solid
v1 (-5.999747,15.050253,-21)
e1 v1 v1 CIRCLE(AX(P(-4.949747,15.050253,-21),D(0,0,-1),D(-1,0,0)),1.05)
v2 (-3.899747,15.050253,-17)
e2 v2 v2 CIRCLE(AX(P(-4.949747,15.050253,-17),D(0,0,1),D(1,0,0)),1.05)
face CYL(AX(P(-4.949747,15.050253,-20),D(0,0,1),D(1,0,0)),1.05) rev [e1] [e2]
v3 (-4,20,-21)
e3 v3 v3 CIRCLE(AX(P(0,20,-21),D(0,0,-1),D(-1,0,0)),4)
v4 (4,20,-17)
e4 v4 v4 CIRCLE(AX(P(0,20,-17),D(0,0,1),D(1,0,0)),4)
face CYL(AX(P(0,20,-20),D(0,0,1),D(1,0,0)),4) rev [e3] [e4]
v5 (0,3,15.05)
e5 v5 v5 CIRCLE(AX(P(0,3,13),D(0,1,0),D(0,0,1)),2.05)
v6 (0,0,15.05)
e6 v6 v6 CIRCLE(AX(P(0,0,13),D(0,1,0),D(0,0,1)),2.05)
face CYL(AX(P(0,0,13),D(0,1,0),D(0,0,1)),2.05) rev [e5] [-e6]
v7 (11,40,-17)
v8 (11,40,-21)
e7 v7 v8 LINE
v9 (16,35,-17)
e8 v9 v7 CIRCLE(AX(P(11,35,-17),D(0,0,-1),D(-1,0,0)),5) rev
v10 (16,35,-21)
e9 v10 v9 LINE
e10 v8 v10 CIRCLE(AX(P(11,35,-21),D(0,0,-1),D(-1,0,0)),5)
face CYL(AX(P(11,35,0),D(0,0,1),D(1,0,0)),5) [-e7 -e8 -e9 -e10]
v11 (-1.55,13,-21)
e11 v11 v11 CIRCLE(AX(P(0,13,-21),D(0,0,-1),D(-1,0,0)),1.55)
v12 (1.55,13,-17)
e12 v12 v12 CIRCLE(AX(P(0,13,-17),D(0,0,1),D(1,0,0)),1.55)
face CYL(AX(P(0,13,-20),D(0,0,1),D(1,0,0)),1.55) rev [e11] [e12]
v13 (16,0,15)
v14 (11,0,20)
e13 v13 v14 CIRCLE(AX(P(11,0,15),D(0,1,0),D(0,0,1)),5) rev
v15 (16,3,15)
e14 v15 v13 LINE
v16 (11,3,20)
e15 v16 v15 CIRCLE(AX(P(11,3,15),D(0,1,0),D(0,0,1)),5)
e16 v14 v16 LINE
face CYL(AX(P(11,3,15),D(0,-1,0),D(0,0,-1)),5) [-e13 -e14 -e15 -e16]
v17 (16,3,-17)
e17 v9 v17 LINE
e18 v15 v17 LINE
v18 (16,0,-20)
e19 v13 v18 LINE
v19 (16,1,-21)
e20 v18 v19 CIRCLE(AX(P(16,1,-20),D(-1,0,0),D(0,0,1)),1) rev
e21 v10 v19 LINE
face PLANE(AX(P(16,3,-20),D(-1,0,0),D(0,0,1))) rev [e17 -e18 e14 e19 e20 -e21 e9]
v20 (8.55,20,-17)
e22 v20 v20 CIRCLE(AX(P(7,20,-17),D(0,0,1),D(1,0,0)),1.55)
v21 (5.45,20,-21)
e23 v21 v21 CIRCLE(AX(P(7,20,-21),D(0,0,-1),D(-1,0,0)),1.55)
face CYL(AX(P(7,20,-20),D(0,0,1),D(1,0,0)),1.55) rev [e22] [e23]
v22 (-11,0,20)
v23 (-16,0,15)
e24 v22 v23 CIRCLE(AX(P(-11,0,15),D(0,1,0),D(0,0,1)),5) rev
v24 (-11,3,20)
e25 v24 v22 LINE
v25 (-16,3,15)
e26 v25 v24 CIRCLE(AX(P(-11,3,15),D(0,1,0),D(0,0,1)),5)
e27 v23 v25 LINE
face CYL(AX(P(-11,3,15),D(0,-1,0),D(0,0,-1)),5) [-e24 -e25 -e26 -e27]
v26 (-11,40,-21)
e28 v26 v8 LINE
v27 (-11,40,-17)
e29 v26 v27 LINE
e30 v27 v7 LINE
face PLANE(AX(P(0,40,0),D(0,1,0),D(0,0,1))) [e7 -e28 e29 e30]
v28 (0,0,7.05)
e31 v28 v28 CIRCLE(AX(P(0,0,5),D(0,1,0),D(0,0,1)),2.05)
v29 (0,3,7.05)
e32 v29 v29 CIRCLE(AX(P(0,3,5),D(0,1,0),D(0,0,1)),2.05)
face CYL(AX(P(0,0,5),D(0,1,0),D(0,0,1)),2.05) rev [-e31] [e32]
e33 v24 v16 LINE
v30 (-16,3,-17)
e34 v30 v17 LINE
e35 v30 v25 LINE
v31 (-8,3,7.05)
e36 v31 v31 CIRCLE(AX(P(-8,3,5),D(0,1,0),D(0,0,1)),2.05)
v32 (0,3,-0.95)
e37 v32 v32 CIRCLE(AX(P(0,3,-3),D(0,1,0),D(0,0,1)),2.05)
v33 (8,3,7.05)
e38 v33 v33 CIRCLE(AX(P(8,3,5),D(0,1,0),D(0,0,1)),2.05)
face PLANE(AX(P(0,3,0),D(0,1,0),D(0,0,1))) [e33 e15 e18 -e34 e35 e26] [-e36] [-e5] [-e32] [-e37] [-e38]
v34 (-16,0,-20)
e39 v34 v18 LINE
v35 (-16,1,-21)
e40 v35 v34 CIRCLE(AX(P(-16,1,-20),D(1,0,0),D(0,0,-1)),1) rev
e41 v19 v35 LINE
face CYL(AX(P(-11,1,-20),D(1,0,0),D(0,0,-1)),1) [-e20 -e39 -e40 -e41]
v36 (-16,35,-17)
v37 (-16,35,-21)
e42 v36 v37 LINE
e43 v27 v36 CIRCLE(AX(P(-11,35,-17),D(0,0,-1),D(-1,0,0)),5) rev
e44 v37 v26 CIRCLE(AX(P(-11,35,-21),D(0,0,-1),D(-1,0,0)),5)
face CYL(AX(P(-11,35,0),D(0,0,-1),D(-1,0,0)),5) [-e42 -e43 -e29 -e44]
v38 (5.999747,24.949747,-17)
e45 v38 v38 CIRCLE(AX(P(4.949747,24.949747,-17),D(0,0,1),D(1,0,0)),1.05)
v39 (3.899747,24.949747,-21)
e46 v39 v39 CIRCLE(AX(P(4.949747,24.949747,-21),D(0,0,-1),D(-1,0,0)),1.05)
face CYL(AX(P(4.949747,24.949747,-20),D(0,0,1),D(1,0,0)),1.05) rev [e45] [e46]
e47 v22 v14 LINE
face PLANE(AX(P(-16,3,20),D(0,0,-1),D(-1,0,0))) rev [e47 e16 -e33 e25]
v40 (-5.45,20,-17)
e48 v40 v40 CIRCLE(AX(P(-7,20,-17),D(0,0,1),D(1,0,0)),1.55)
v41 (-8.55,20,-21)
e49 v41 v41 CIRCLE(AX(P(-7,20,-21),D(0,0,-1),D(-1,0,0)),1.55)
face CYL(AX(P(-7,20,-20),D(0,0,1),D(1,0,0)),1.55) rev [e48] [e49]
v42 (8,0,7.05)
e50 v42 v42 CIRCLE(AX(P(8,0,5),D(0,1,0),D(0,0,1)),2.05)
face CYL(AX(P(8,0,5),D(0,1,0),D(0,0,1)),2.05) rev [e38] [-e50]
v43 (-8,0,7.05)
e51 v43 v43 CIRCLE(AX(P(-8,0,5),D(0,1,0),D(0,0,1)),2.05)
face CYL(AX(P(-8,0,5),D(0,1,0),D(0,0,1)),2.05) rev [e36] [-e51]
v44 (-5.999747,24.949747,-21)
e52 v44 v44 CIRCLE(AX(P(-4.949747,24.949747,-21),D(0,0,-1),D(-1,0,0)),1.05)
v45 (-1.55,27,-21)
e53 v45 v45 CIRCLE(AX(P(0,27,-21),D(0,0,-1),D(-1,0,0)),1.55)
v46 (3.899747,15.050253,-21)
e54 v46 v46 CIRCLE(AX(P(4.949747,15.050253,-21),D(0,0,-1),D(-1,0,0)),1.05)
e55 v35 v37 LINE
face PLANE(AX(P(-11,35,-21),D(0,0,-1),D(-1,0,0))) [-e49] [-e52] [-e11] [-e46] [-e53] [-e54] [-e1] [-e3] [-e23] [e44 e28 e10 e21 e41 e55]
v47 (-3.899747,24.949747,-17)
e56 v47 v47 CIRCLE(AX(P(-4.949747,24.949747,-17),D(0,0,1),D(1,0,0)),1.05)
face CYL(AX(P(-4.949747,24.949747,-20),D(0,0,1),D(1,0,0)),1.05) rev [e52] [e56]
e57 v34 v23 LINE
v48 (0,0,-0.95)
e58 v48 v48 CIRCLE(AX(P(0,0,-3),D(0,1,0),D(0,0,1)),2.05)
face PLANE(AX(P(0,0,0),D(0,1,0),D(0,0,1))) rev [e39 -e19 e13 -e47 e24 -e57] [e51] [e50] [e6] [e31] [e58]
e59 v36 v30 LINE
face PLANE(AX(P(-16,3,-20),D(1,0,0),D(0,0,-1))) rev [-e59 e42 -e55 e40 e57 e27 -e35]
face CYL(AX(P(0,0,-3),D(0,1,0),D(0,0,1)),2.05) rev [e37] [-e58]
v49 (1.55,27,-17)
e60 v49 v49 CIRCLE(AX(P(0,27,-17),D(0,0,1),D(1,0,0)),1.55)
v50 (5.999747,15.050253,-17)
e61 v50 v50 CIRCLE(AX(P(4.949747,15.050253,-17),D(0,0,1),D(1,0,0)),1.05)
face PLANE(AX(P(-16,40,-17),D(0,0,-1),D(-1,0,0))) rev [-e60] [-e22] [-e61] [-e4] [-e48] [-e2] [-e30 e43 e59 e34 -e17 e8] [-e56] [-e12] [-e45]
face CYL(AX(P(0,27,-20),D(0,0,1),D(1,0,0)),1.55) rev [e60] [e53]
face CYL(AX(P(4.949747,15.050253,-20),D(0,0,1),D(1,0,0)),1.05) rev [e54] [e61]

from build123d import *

# Parameters (mm, degrees)
SKETCH_2_W          = 32
SKETCH_2_H          = 40
EXTRUDE_1_DEPTH     = 3
SKETCH_3_W          = 32
SKETCH_3_H          = 3
EXTRUDE_2_DEPTH     = 37
SKETCH_4_R          = 4
SKETCH_4_R_2        = 1.55
SKETCH_4_R_3        = 1.05
CUT_EXTRUDE_1_DEPTH = 57.789083458
SKETCH_6_R          = 2.05
CUT_EXTRUDE_2_DEPTH = 46
FILLET_1_R          = 5
SKETCH_11_R         = 1.55
SKETCH_11_R_2       = 1.05
SKETCH_11_R_3       = 4
EXTRUDE_4_DEPTH     = 1
FILLET_3_R          = 1


with BuildPart() as part:
    # 草图2 → 凸台-拉伸1 (new body)
    with BuildSketch(Plane(origin=(0, 0, 0), x_dir=(1, 0, 0), z_dir=(0, 1, 0))):
        Rectangle(SKETCH_2_W, SKETCH_2_H)
    extrude(amount=EXTRUDE_1_DEPTH)

    # 草图3 → 凸台-拉伸2 (add)
    with BuildSketch(Plane(origin=(0, 3, 0), x_dir=(1, 0, 0), z_dir=(0, 1, 0))):
        with Locations((0, 18.5)):
            Rectangle(SKETCH_3_W, SKETCH_3_H)
    extrude(amount=EXTRUDE_2_DEPTH)

    # 草图4 → 切除-拉伸1 (cut, through all)
    with BuildSketch(Plane.XY.offset(-17)):
        with Locations((0, 20)):
            Circle(SKETCH_4_R)
        with Locations((7, 20)):
            Circle(SKETCH_4_R_2)
        with Locations((0, 13)):
            Circle(SKETCH_4_R_2)
        with Locations((-7, 20)):
            Circle(SKETCH_4_R_2)
        with Locations((0, 27)):
            Circle(SKETCH_4_R_2)
        with Locations((4.949747468, 24.949747468)):
            Circle(SKETCH_4_R_3)
        with Locations((4.949747468, 15.050252532)):
            Circle(SKETCH_4_R_3)
        with Locations((-4.949747468, 15.050252532)):
            Circle(SKETCH_4_R_3)
        with Locations((-4.949747468, 24.949747468)):
            Circle(SKETCH_4_R_3)
    extrude(amount=-CUT_EXTRUDE_1_DEPTH, mode=Mode.SUBTRACT)

    # 草图6 → 切除-拉伸2 (cut, through all)
    with BuildSketch(Plane(origin=(0, 3, 0), x_dir=(1, 0, 0), z_dir=(0, 1, 0))):
        with Locations(Location((0, -5, 0), (0, 0, 270))):
            Circle(SKETCH_6_R)
        with Locations(Location((-8, -5, 0), (0, 0, 270))):
            Circle(SKETCH_6_R)
        with Locations(Location((8, -5, 0), (0, 0, 270))):
            Circle(SKETCH_6_R)
        with Locations(Location((0, 3, 0), (0, 0, 270))):
            Circle(SKETCH_6_R)
        with Locations(Location((0, -13, 0), (0, 0, 270))):
            Circle(SKETCH_6_R)
    extrude(amount=-CUT_EXTRUDE_2_DEPTH, mode=Mode.SUBTRACT)

    # 圆角1
    fillet_1_edges = [part.edges().sort_by_distance(p)[0] for p in [
        (-16, 40, -18.5),
        (16, 40, -18.5),
        (16, 1.5, 20),
        (-16, 1.5, 20),
    ]]
    fillet(fillet_1_edges, radius=FILLET_1_R)

    # 草图11 → 凸台-拉伸4 (add)
    with BuildSketch(Plane(origin=(0, 0, -20), x_dir=(-1, 0, 0), z_dir=(0, 0, -1))):
        with BuildLine():
            Line((11, 40), (-11, 40))
            ThreePointArc((-11, 40), (-14.535533906, 38.535533906), (-16, 35))
            Line((-16, 35), (-16, 0))
            Line((-16, 0), (16, 0))
            Line((16, 0), (16, 35))
            ThreePointArc((16, 35), (14.535533906, 38.535533906), (11, 40))
        make_face()
        with Locations(Location((-7, 20, 0), (0, 0, 180))):
            Circle(SKETCH_11_R, mode=Mode.SUBTRACT)
        with Locations(Location((-4.949747468, 15.050252532, 0), (0, 0, 180))):
            Circle(SKETCH_11_R_2, mode=Mode.SUBTRACT)
        with Locations(Location((0, 13, 0), (0, 0, 180))):
            Circle(SKETCH_11_R, mode=Mode.SUBTRACT)
        with Locations(Location((0, 20, 0), (0, 0, 180))):
            Circle(SKETCH_11_R_3, mode=Mode.SUBTRACT)
        with Locations(Location((4.949747468, 15.050252532, 0), (0, 0, 180))):
            Circle(SKETCH_11_R_2, mode=Mode.SUBTRACT)
        with Locations(Location((7, 20, 0), (0, 0, 180))):
            Circle(SKETCH_11_R, mode=Mode.SUBTRACT)
        with Locations(Location((4.949747468, 24.949747468, 0), (0, 0, 180))):
            Circle(SKETCH_11_R_2, mode=Mode.SUBTRACT)
        with Locations(Location((-4.949747468, 24.949747468, 0), (0, 0, 180))):
            Circle(SKETCH_11_R_2, mode=Mode.SUBTRACT)
        with Locations(Location((0, 27, 0), (0, 0, 180))):
            Circle(SKETCH_11_R, mode=Mode.SUBTRACT)
    extrude(amount=EXTRUDE_4_DEPTH)

    # 圆角3
    fillet_3_edges = [part.edges().sort_by_distance(p)[0] for p in [
        (0, 0, -21),
    ]]
    fillet(fillet_3_edges, radius=FILLET_3_R)


solid = part.part
